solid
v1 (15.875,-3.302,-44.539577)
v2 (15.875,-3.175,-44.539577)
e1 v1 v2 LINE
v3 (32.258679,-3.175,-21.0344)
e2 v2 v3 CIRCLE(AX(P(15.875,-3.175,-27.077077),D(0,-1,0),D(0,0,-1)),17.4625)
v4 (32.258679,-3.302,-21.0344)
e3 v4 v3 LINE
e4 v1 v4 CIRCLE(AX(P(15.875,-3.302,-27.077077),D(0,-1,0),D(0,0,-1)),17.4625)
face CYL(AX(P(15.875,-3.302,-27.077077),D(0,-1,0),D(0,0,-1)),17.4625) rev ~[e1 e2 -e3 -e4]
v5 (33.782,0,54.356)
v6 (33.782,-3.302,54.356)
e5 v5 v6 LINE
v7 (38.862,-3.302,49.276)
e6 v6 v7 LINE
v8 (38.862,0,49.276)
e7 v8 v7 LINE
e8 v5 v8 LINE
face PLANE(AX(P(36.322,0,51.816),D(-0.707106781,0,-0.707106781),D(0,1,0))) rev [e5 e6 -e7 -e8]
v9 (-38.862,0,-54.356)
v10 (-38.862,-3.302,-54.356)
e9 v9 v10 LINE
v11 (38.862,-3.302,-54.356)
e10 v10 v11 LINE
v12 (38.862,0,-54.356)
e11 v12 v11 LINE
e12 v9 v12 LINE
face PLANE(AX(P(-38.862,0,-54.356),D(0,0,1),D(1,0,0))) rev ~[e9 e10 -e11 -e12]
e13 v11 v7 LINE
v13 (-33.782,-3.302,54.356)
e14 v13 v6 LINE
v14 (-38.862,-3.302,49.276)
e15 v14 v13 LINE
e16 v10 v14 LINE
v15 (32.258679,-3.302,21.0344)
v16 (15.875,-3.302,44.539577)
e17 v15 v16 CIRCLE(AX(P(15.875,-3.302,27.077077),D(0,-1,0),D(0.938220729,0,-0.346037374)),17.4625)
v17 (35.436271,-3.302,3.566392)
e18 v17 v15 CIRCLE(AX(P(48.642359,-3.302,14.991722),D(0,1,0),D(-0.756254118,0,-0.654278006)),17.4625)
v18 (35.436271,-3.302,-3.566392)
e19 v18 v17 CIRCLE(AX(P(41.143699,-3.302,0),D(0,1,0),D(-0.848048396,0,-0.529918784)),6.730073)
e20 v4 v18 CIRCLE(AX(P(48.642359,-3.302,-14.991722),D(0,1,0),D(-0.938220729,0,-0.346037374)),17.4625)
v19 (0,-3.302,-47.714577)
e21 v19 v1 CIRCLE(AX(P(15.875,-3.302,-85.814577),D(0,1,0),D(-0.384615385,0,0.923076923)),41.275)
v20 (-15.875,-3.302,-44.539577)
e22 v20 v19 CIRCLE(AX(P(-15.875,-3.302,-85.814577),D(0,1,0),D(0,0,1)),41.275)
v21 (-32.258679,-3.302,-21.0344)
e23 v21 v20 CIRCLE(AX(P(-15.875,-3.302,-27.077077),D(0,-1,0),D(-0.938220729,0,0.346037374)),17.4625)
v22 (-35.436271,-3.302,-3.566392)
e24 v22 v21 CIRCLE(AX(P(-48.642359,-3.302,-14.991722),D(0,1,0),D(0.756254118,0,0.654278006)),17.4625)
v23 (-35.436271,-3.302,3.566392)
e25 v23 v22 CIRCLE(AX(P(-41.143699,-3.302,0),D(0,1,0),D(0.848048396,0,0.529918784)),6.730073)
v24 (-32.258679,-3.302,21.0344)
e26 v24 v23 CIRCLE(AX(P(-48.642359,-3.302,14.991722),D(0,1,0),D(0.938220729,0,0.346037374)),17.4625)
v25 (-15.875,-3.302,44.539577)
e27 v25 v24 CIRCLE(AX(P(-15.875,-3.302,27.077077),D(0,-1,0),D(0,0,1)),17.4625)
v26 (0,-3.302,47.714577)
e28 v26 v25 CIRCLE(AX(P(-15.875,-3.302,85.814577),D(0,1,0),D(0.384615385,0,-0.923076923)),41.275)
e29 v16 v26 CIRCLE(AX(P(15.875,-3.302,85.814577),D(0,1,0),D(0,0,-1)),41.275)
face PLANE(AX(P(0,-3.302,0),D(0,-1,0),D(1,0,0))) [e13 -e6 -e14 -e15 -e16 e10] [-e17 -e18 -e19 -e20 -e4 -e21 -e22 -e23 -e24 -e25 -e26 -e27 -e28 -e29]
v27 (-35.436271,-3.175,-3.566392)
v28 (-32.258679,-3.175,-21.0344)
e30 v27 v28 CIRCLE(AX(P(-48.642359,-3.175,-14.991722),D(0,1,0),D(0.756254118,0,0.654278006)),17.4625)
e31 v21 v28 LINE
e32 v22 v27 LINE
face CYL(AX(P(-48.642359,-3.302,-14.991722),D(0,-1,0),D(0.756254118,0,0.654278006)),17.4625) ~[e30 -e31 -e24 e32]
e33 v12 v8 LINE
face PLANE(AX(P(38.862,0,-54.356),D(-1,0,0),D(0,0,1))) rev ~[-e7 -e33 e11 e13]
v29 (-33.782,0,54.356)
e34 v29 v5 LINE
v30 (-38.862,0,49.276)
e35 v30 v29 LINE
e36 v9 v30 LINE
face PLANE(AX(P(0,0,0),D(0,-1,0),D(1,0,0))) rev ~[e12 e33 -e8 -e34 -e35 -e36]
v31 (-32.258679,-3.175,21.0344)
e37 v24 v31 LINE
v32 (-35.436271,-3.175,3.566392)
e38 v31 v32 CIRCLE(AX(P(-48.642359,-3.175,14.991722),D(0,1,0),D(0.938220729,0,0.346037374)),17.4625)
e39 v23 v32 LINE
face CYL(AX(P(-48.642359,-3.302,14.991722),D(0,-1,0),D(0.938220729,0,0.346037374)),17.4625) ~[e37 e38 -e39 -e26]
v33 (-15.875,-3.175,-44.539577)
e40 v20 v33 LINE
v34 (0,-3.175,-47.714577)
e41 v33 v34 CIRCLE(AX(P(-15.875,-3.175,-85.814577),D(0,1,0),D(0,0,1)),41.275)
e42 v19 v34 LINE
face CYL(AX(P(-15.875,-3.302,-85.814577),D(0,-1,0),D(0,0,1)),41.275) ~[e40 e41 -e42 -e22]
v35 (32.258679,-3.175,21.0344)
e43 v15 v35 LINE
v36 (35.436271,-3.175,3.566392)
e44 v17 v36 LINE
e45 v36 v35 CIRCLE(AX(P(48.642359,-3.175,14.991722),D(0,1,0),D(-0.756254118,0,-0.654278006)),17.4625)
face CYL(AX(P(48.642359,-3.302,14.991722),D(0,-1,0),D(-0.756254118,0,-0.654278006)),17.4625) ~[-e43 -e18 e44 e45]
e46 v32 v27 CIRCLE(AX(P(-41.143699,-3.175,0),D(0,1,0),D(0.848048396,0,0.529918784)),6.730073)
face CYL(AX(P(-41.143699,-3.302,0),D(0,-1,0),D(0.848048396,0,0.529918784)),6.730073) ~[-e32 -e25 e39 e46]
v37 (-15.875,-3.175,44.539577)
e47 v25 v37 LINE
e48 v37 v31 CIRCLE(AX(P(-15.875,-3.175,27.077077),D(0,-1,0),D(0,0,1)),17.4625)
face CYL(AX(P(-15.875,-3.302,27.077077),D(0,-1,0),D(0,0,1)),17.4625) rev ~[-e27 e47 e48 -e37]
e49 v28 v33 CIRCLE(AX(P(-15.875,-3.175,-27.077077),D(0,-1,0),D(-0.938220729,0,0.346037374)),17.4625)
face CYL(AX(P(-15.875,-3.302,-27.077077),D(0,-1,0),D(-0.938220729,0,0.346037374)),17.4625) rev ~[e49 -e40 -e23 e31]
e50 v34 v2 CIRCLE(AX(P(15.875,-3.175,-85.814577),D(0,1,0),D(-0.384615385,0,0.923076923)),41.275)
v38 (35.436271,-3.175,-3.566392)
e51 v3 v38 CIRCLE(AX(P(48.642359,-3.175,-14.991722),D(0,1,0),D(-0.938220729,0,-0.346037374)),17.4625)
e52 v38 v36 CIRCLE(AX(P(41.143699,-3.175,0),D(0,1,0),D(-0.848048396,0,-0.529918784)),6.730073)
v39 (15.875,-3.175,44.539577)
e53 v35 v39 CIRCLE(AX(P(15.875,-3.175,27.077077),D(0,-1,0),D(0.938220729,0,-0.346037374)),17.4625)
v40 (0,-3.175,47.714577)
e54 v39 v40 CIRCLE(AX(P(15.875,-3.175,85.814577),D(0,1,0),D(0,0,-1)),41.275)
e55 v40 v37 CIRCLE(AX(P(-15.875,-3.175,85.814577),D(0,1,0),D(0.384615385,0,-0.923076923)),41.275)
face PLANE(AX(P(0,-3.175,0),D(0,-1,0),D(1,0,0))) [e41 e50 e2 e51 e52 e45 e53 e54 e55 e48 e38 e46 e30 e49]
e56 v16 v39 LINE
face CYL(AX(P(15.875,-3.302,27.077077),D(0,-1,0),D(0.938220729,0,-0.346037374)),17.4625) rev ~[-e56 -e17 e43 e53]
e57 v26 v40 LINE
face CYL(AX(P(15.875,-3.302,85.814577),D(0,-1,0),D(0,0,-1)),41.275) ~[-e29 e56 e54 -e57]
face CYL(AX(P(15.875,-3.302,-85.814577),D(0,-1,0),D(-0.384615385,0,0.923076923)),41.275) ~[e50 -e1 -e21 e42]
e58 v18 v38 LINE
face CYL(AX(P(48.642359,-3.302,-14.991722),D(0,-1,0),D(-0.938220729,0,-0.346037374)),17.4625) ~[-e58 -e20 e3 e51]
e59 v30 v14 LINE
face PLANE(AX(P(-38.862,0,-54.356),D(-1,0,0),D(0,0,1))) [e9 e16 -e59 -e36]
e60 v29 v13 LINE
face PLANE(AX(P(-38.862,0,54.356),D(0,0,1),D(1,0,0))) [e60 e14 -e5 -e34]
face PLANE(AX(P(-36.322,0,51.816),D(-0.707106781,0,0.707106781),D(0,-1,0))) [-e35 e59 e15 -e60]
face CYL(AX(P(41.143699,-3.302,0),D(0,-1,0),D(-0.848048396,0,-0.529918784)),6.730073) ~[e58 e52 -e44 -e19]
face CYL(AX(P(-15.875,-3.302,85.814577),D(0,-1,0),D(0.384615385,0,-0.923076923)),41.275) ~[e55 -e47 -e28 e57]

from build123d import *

# Parameters (mm, degrees)
F0_W     = 77.724
F0_H     = 108.712
F1_DEPTH = 3.302
F3_R     = 13.3445871966
F4_DEPTH = 3.302
F5_SIZE  = 5.08
F6_DEPTH = 0.127


with BuildPart() as f1:
    # F0 (on Front) → F1 (new body)
    with BuildSketch(Plane.XZ):
        Rectangle(F0_W, F0_H)
    extrude(amount=F1_DEPTH)

    # F3 (on face) → F4 (join)
    with BuildSketch(Plane.XZ.offset(3.302)):
        with BuildLine():
            add(Edge.make_bspline(
                [(-33.1284857231, -24.3833554431), (-30.3980902484, -23.448268281), (-27.6625298974, -23.0135580616), (-24.9168122419, -22.8877504962)],
                knots=[0.0236239796, 0.0236239796, 0.0236239796, 0.0236239796, 0.1438563975, 0.1438563975, 0.1438563975, 0.1438563975], degree=3))
            ThreePointArc((-33.1284857231, -24.3833554431), (-29.1410849834, -38.4326879001), (-15.8749999992, -44.5395771521))
            ThreePointArc((-15.8749999992, -44.5395771521), (-7.7803065213, -45.3411097626), (9e-10, -47.7145771515))
            ThreePointArc((9e-10, -47.7145771515), (7.780306523, -45.3411097624), (15.8750000008, -44.5395771515))
            ThreePointArc((15.8750000008, -44.5395771515), (28.9710149024, -38.6284104056), (33.2008619827, -24.8968448621))
            add(Edge.make_bspline(
                [(22.7832318895, -28.264905571), (26.870414184, -28.3483991479), (30.7081117423, -27.7740633769), (33.2008619827, -24.8968448621)],
                knots=[0.8224951004, 0.8224951004, 0.8224951004, 0.8224951004, 0.9908039431, 0.9908039431, 0.9908039431, 0.9908039431], degree=3))
            add(Edge.make_bspline(
                [(15.9953683619, -27.7933645546), (16.7598950609, -27.862629463), (19.0104314318, -28.0581684328), (21.3052242348, -28.2347126075), (22.7832318895, -28.264905571)],
                knots=[0.7300371536, 0.7300371536, 0.7300371536, 0.7300371536, 0.7616312241, 0.8224951004, 0.8224951004, 0.8224951004, 0.8224951004], degree=3))
            add(Edge.make_bspline(
                [(12.0445173218, -27.4086319137), (13.3501324037, -27.5450763369), (14.6659309282, -27.6729196282), (15.9953683619, -27.7933645546)],
                knots=[0.6750981435, 0.6750981435, 0.6750981435, 0.6750981435, 0.7300371536, 0.7300371536, 0.7300371536, 0.7300371536], degree=3))
            add(Edge.make_bspline(
                [(6.5035843618, -26.7679947406), (8.3365045469, -27.0014140297), (10.1801283043, -27.2137923413), (12.0445173218, -27.4086319137)],
                knots=[0.5966464709, 0.5966464709, 0.5966464709, 0.5966464709, 0.6750981435, 0.6750981435, 0.6750981435, 0.6750981435], degree=3))
            add(Edge.make_bspline(
                [(-15.7821923495, -23.3437299796), (-10.5480047667, -23.9624284424), (-3.1004870846, -25.4363431139), (4.3262408996, -26.490713729), (6.5035843618, -26.7679947406)],
                knots=[0.2765511336, 0.2765511336, 0.2765511336, 0.2765511336, 0.5034529768, 0.5966464709, 0.5966464709, 0.5966464709, 0.5966464709], degree=3))
            add(Edge.make_bspline(
                [(-24.9168122419, -22.8877504962), (-22.5127229742, -22.777596192), (-19.4725911361, -22.9372512735), (-16.4147628171, -23.2689580365), (-15.7821923495, -23.3437299796)],
                knots=[0.1438563975, 0.1438563975, 0.1438563975, 0.1438563975, 0.2491292266, 0.2765511336, 0.2765511336, 0.2765511336, 0.2765511336], degree=3))
        make_face()
        with BuildLine():
            ThreePointArc((-24.3962783332, -9.4429305632), (-23.5493439512, -16.2082072875), (-24.9168122419, -22.8877504962))
            add(Edge.make_bspline(
                [(-24.9168122419, -22.8877504962), (-22.5127229742, -22.777596192), (-19.4725911361, -22.9372512735), (-16.4147628171, -23.2689580365), (-15.7821923495, -23.3437299796)],
                knots=[0.1438563975, 0.1438563975, 0.1438563975, 0.1438563975, 0.2491292266, 0.2765511336, 0.2765511336, 0.2765511336, 0.2765511336], degree=3))
            ThreePointArc((-15.7821923495, -23.3437299796), (-16.7909764629, -16.1431204561), (-15.7821923495, -8.9425109327))
            add(Edge.make_bspline(
                [(-20.8150930703, 3.0249084812), (-20.084698855, 3.2617064252), (-18.5750809579, 3.7511331524), (-20.1108934357, 5.7423249077), (-21.3989497629, 8.4805039988), (-19.5926222129, 8.6232034417), (-20.0960081308, 6.4882204736), (-17.9845367, 4.4717269755), (-19.4827279307, 7.4877563676), (-17.6531933794, 7.9935220173), (-17.6518746238, 3.7165445405), (-19.7201607312, 2.5442912986), (-19.0033211234, 0.5113026434), (-21.5358089244, 0.646088536), (-20.7796208818, -5.7027505195), (-14.9489180074, 0.0978196974), (-17.977030073, 1.5236381763), (-14.9168721562, 2.6666255778), (-16.1211586732, 6.3598723413), (-13.8328776174, 5.6005762962), (-15.1421128769, 3.3154322822), (-14.4747759607, 0.1624480587), (-13.8084140261, 5.1188240441), (-11.0343102947, 2.7331078221), (-14.5615723999, -0.162479085), (-17.3031216925, -3.3366762112), (-18.0975664008, -8.8898410691), (-13.4356882131, -5.5746333853), (-15.3648709473, -3.8082111356), (-12.0527139611, -3.6659211986), (-13.248535603, -1.079337143), (-9.5910344453, -1.7447413323), (-10.7422685487, 3.0079941618), (-8.9849464366, -1.96339633), (-8.8102943074, 5.4988116301), (-7.4861779197, -0.6957485248), (-9.6724060403, -0.966318494), (-11.0218385517, -3.5291741027), (-13.7004320012, -4.2797101397), (-12.8029593717, -6.9381020727), (-14.7089673153, -8.2196946287), (-15.7821923495, -8.9425109327)],
                knots=[0, 0, 0, 0, 0.0231511603, 0.0478500744, 0.0752755755, 0.0903366321, 0.1142638791, 0.1352244444, 0.1593040946, 0.1744947233, 0.2060790631, 0.2315955315, 0.2516703156, 0.2733460952, 0.3049833457, 0.3431527772, 0.3650886659, 0.3896180862, 0.4183185893, 0.4354180503, 0.4626318971, 0.4841465121, 0.512674348, 0.5346264378, 0.5675595767, 0.6056671213, 0.6368592747, 0.6681518224, 0.6879987795, 0.7121233264, 0.7334743783, 0.7591560932, 0.7848708559, 0.8073025156, 0.8374341523, 0.8673194844, 0.8904493251, 0.9187369989, 0.9444600919, 0.9686867066, 1, 1, 1, 1], degree=3))
            add(Edge.make_bspline(
                [(-25.8914344013, -2.4853385985), (-26.396572956, -2.0003344615), (-27.3138435109, -1.1196261405), (-29.1352849859, -2.0598979002), (-28.7106271057, 0.8204026064), (-32.0312644098, -1.1715068103), (-31.3002695814, 3.7485837155), (-29.4483178555, 3.8301118075), (-30.8071023081, 1.5653871303), (-28.9526334159, 1.3619840648), (-29.4792210737, 5.2085047756), (-26.921055424, 4.4342075194), (-28.8119762327, 2.2854028303), (-27.5906596289, -1.3990701213), (-27.7699356497, 3.0747016102), (-25.2099586785, 2.6066763518), (-26.5953437573, -0.395391095), (-23.7025988652, -2.0340069969), (-23.1772681034, -6.0499515041), (-20.5435134821, -4.1808959475), (-25.0748704565, 2.6489737746), (-20.1368344266, 0.7949418705), (-20.6048167244, 2.3336418411), (-20.8150930703, 3.0249084812)],
                knots=[0, 0, 0, 0, 0.0457250435, 0.0830311605, 0.1245988121, 0.1705511092, 0.2321726775, 0.2625557415, 0.30723362, 0.3358214151, 0.393012377, 0.4286583434, 0.4808472993, 0.5282384525, 0.5813000538, 0.6192860311, 0.6705302416, 0.7286736986, 0.7872738172, 0.8280557864, 0.9074882994, 0.958434574, 1, 1, 1, 1], degree=3))
            ThreePointArc((-25.8914344013, -2.4853385985), (-24.9290967698, -4.9824855111), (-24.3962783332, -7.6050683856))
            add(Edge.make_bspline(
                [(-24.3962783332, -9.4429305632), (-25.4357243907, -10.1342055857), (-27.412273175, -11.4486922391), (-27.4547789496, -7.4214675852), (-30.5466070306, -9.5733915774), (-30.4542370334, -5.4520792207), (-32.3177618611, -5.8417990903), (-32.7140680164, -4.2769830225), (-32.0543630337, -2.7007935171), (-32.1251676799, -4.5533058245), (-30.3843482976, -5.4648837492), (-32.0501040037, -1.6640768267), (-30.4436660674, -1.9005229869), (-30.1720801803, -6.5942041642), (-29.7456686663, -3.178537531), (-28.1334595609, -3.5814958653), (-29.8697325683, -5.6494579394), (-29.5018476184, -7.7306733995), (-27.2359049314, -6.3250302911), (-26.4788550338, -9.3239236743), (-25.0993332141, -8.1853413666), (-24.3962783332, -7.6050683856)],
                knots=[0, 0, 0, 0, 0.0670169121, 0.1274354192, 0.1840138636, 0.2505621343, 0.2960523516, 0.3441354147, 0.3840734056, 0.4287810373, 0.4665753725, 0.5348972739, 0.5667760176, 0.6369485958, 0.6883070256, 0.7231632661, 0.7842390879, 0.8324575559, 0.8851485442, 0.9414679355, 1, 1, 1, 1], degree=3))
        make_face()
        with BuildLine():
            add(Edge.make_bspline(
                [(-20.2924981713, -15.781018883), (-20.5370775999, -16.1379246214), (-20.134132622, -17.1534868603), (-20.8639151565, -18.5661521393), (-21.9358468203, -19.4575377926), (-22.3700864307, -21.8865095148), (-20.237349518, -21.5763362209), (-19.5672362136, -20.438180371), (-19.2965010699, -18.8033454883), (-19.7803037906, -17.8720601229), (-19.908738804, -16.4540465799), (-19.0188083322, -15.0649598827), (-20.0853771822, -15.4787748635), (-20.2924981713, -15.781018883)],
                knots=[0, 0, 0, 0, 0.0904118203, 0.1854248684, 0.2814922978, 0.3865094541, 0.4809925493, 0.5711470892, 0.6690619631, 0.748512495, 0.8439845899, 0.9234351565, 1, 1, 1, 1], degree=3))
        make_face(mode=Mode.SUBTRACT)
        with BuildLine():
            add(Edge.make_bspline(
                [(-22.3910957575, -11.5529615432), (-22.0568118654, -12.2037220004), (-21.1170784891, -12.8832887919), (-21.7129777335, -14.1967346716), (-20.5379115522, -14.568750962), (-20.4867607869, -13.5076873001), (-20.8432701563, -11.8831681267), (-21.6439811905, -11.2404808042), (-22.9718655512, -9.3501247732), (-22.6978835435, -10.9557285785), (-22.3910957575, -11.5529615432)],
                knots=[0, 0, 0, 0, 0.1505340204, 0.2658311351, 0.3614801071, 0.4617187858, 0.6051372816, 0.7298931385, 0.8618479683, 1, 1, 1, 1], degree=3))
        make_face(mode=Mode.SUBTRACT)
        with BuildLine():
            add(Edge.make_bspline(
                [(-18.3790698647, -10.1024601609), (-18.7969421772, -10.2564427963), (-19.1553590595, -11.577398565), (-19.219348267, -12.6506630096), (-19.2408550579, -13.9350019391), (-18.8743899715, -14.8858473731), (-18.2833235222, -14.0155234153), (-18.1315989973, -13.0706647968), (-18.7065283271, -12.3462231403), (-18.4694817034, -11.2210464666), (-17.1590443019, -10.374237249), (-18.0760721444, -9.9908079022), (-18.3790698647, -10.1024601609)],
                knots=[0, 0, 0, 0, 0.1240572212, 0.2333232805, 0.347818092, 0.428679644, 0.5131510602, 0.6107152668, 0.7012679009, 0.8047604962, 0.9100465523, 1, 1, 1, 1], degree=3))
        make_face(mode=Mode.SUBTRACT)
        with BuildLine():
            ThreePointArc((5.4403450859, -12.5461180708), (6.6092683485, -19.609411059), (6.5035843618, -26.7679947406))
            add(Edge.make_bspline(
                [(6.5035843618, -26.7679947406), (8.3365045469, -27.0014140297), (10.1801283043, -27.2137923413), (12.0445173218, -27.4086319137)],
                knots=[0.5966464709, 0.5966464709, 0.5966464709, 0.5966464709, 0.6750981435, 0.6750981435, 0.6750981435, 0.6750981435], degree=3))
            Line((12.0445173218, -27.4086319137), (12.0445173218, -21.4756764472))
            ThreePointArc((12.0445173218, -21.4756764472), (14.0199428419, -19.5002509271), (15.9953683619, -21.4756764472))
            Line((15.9953683619, -21.4756764472), (15.9953683619, -27.7933645546))
            add(Edge.make_bspline(
                [(15.9953683619, -27.7933645546), (16.7598950609, -27.862629463), (19.0104314318, -28.0581684328), (21.3052242348, -28.2347126075), (22.7832318895, -28.264905571)],
                knots=[0.7300371536, 0.7300371536, 0.7300371536, 0.7300371536, 0.7616312241, 0.8224951004, 0.8224951004, 0.8224951004, 0.8224951004], degree=3))
            ThreePointArc((22.7832318895, -28.264905571), (22.4736636829, -20.3696155623), (23.5801553445, -12.5461180708))
            Line((23.5801553445, -12.5461180708), (28.4554600831, -13.4531514135))
            ThreePointArc((28.4554600831, -13.4531514135), (31.673336573, -11.9989868814), (31.424967593, -8.4765393743))
            ThreePointArc((31.424967593, -8.4765393743), (29.2529740879, -8.2440657168), (29.0205004305, -10.4160592219))
            ThreePointArc((29.0205004305, -10.4160592219), (29.058069024, -11.9208265797), (27.614886003, -12.3485636115))
            ThreePointArc((27.614886003, -12.3485636115), (23.4712314741, -5.8636115848), (28.4554600831, 0))
            ThreePointArc((28.4554600831, 0), (23.3706331923, -0.6006945639), (18.2612345592, -0.9328753515))
            Line((18.2612345592, -0.9328753515), (21.109645709, 8.6648291047))
            Line((21.109645709, 8.6648291047), (22.7452469365, 8.179414619))
            ThreePointArc((22.7452469365, 8.179414619), (24.0675287583, 9.9087492795), (21.9295363303, 9.4988517773))
            ThreePointArc((21.9295363303, 9.4988517773), (17.0915933325, 15.0640837031), (15.5871994793, 22.2831070423))
            Line((15.5871994793, 22.2831070423), (14.8853833456, 29.6840668302))
            Line((14.8853833456, 29.6840668302), (17.9889984262, 30.165095753))
            Line((17.9889984262, 30.165095753), (17.720128815, 31.8998516907))
            Line((17.720128815, 31.8998516907), (14.8043116011, 31.4479295364))
            Line((14.8043116011, 31.4479295364), (14.2361351446, 35.1138234881))
            Line((14.2361351446, 35.1138234881), (12.1174789965, 34.7854532301))
            Line((12.1174789965, 34.7854532301), (12.6562453806, 31.3093140721))
            Line((12.6562453806, 31.3093140721), (10.0379107516, 30.7162171018))
            Line((10.0379107516, 30.7162171018), (10.2517836951, 29.4975203391))
            Line((10.2517836951, 29.4975203391), (12.7509497106, 29.9361068755))
            Line((12.7509497106, 29.9361068755), (14.0939988196, 22.2831070423))
            ThreePointArc((14.0939988196, 22.2831070423), (12.6245914015, 15.2177663733), (7.6988285058, 9.9437681912))
            ThreePointArc((7.6988285058, 9.9437681912), (5.5906171254, 10.4864212664), (6.8022884056, 8.6778637491))
            Line((6.8022884056, 8.6778637491), (8.4650181234, 9.060157463))
            Line((8.4650181234, 9.060157463), (10.762639533, -0.9330055424))
            ThreePointArc((10.762639533, -0.9330055424), (5.6515483018, -0.6008483836), (0.5650403473, 0))
            ThreePointArc((0.5650403473, 0), (5.5492689564, -5.8636115848), (1.4056144274, -12.3485636115))
            ThreePointArc((1.4056144274, -12.3485636115), (-0.0375685935, -11.9208265797), (0, -10.4160592219))
            ThreePointArc((0, -10.4160592219), (-0.2324736575, -8.2440657168), (-2.4044671625, -8.4765393743))
            ThreePointArc((-2.4044671625, -8.4765393743), (-2.6528361426, -11.9989868814), (0.5650403473, -13.4531514135))
            Line((0.5650403473, -13.4531514135), (5.4403450859, -12.5461180708))
        make_face()
        Polygon((9.1227404773, -7.4148867279), (8.4774624556, -4.9826856703), (9.749203307, -4.868891682), (10.3401336819, -7.1323132142), align=None, mode=Mode.SUBTRACT)
        Polygon((10.9397291529, -9.5362256838), (9.768018499, -9.8470877856), (9.2899553012, -8.0451578014), (10.461665955, -7.7342956997), align=None, mode=Mode.SUBTRACT)
        Polygon((12.2584053658, -7.3401992658), (12.7159978886, -9.0649705743), (11.5734964264, -9.3680832964), (11.1159039036, -7.6433119879), align=None, mode=Mode.SUBTRACT)
        Polygon((10.332212454, -4.8167246576), (11.5597705233, -4.7068840966), (12.1378842059, -6.8859273354), (10.9000811353, -7.0559568703), align=None, mode=Mode.SUBTRACT)
        Polygon((17.9045965268, -7.6433119879), (17.4470040041, -9.3680832964), (16.3045025419, -9.0649705743), (16.7620950646, -7.3401992658), align=None, mode=Mode.SUBTRACT)
        Polygon((18.5588344754, -7.7342956997), (19.7305451293, -8.0451578014), (19.2524819314, -9.8470877856), (18.0807712776, -9.5362256838), align=None, mode=Mode.SUBTRACT)
        Polygon((18.6803667486, -7.1323132142), (19.2712971234, -4.868891682), (20.5430379748, -4.9826856703), (19.8977599531, -7.4148867279), align=None, mode=Mode.SUBTRACT)
        Polygon((16.8826162245, -6.8859273354), (17.4607299071, -4.7068840966), (18.6882879764, -4.8167246576), (18.1204192951, -7.0559568703), align=None, mode=Mode.SUBTRACT)
        with BuildLine():
            ThreePointArc((14.2767767446, 4.6611620079), (12.1414040207, 5.7303494735), (11.1097303552, 7.8840968947))
            Line((11.1097303552, 7.8840968947), (14.2767767446, 7.8840968947))
            Line((14.2767767446, 7.8840968947), (14.2767767446, 4.6611620079))
        make_face(mode=Mode.SUBTRACT)
        with BuildLine():
            ThreePointArc((11.1459939594, 8.983289175), (12.2280091457, 10.9819830574), (14.2767767446, 11.9658963789))
            Line((14.2767767446, 11.9658963789), (14.2767767446, 8.983289175))
            Line((14.2767767446, 8.983289175), (11.1459939594, 8.983289175))
        make_face(mode=Mode.SUBTRACT)
        with BuildLine():
            ThreePointArc((18.430607267, 7.8840968947), (17.3673699452, 5.6986165643), (15.1747141111, 4.6502567644))
            Line((15.1747141111, 4.6502567644), (15.1747141111, 7.8840968947))
            Line((15.1747141111, 7.8840968947), (18.430607267, 7.8840968947))
        make_face(mode=Mode.SUBTRACT)
        with BuildLine():
            ThreePointArc((15.1747141111, 11.9768016224), (17.2797356479, 11.0126579566), (18.3943436628, 8.983289175))
            Line((18.3943436628, 8.983289175), (15.1747141111, 8.983289175))
            Line((15.1747141111, 8.983289175), (15.1747141111, 11.9768016224))
        make_face(mode=Mode.SUBTRACT)
        with BuildLine():
            ThreePointArc((1.5084841621, 28.7364097307), (5.1963193944, 39.8156504287), (15.8749999992, 44.5395771521))
            ThreePointArc((15.8749999992, 44.5395771521), (7.7803065213, 45.3411097626), (-9e-10, 47.7145771515))
            ThreePointArc((-9e-10, 47.7145771515), (-7.780306523, 45.3411097624), (-15.8750000008, 44.5395771515))
            ThreePointArc((-15.8750000008, 44.5395771515), (-30.2008361805, 37.0625327748), (-32.2586794783, 21.0343995142))
            ThreePointArc((-32.2586794783, 21.0343995142), (-31.4618060576, 11.8664205536), (-35.4362714152, 3.5663922047))
            ThreePointArc((-35.4362714152, 3.5663922047), (-26.8661908779, 8.4248419398), (-17.0921185192, 9.6570447531))
            ThreePointArc((-17.0921185192, 9.6570447531), (-3.3712650978, 14.8871009528), (1.5084841621, 28.7364097307))
        make_face()
        with Locations((-15.8750000008, 27.0770771515)):
            Circle(F3_R, mode=Mode.SUBTRACT)
    extrude(amount=-F4_DEPTH)

    # F5
    f5_edges = [f1.edges().sort_by_distance(p)[0] for p in [
        (-38.862, -1.651, 54.356),
        (38.862, -1.651, 54.356),
    ]]
    chamfer(f5_edges, length=F5_SIZE)

    # F2 (on face) → F6 (cut)
    with BuildSketch(Plane.XZ.offset(3.302)):
        with BuildLine():
            ThreePointArc((32.2586794783, -21.0343995142), (31.4618060576, -11.8664205536), (35.4362714152, -3.5663922047))
            ThreePointArc((35.4362714152, -3.5663922047), (34.4136259983, 6e-10), (35.436271415, 3.566392206))
            ThreePointArc((35.436271415, 3.566392206), (31.4618060572, 11.8664205547), (32.2586794775, 21.0343995154))
            ThreePointArc((32.2586794775, 21.0343995154), (30.2008361791, 37.0625327759), (15.8749999992, 44.5395771521))
            ThreePointArc((15.8749999992, 44.5395771521), (7.7803065213, 45.3411097626), (-9e-10, 47.7145771515))
            ThreePointArc((-9e-10, 47.7145771515), (-7.780306523, 45.3411097624), (-15.8750000008, 44.5395771515))
            ThreePointArc((-15.8750000008, 44.5395771515), (-30.2008361805, 37.0625327748), (-32.2586794783, 21.0343995142))
            ThreePointArc((-32.2586794783, 21.0343995142), (-31.4618060576, 11.8664205536), (-35.4362714152, 3.5663922047))
            ThreePointArc((-35.4362714152, 3.5663922047), (-34.4136259983, -6e-10), (-35.436271415, -3.566392206))
            ThreePointArc((-35.436271415, -3.566392206), (-31.4618060572, -11.8664205547), (-32.2586794775, -21.0343995154))
            ThreePointArc((-32.2586794775, -21.0343995154), (-30.2008361791, -37.0625327759), (-15.8749999992, -44.5395771521))
            ThreePointArc((-15.8749999992, -44.5395771521), (-7.7803065213, -45.3411097626), (9e-10, -47.7145771515))
            ThreePointArc((9e-10, -47.7145771515), (7.780306523, -45.3411097624), (15.8750000008, -44.5395771515))
            ThreePointArc((15.8750000008, -44.5395771515), (30.2008361805, -37.0625327748), (32.2586794783, -21.0343995142))
        make_face()
    extrude(amount=-F6_DEPTH, mode=Mode.SUBTRACT)


solid = f1.part
